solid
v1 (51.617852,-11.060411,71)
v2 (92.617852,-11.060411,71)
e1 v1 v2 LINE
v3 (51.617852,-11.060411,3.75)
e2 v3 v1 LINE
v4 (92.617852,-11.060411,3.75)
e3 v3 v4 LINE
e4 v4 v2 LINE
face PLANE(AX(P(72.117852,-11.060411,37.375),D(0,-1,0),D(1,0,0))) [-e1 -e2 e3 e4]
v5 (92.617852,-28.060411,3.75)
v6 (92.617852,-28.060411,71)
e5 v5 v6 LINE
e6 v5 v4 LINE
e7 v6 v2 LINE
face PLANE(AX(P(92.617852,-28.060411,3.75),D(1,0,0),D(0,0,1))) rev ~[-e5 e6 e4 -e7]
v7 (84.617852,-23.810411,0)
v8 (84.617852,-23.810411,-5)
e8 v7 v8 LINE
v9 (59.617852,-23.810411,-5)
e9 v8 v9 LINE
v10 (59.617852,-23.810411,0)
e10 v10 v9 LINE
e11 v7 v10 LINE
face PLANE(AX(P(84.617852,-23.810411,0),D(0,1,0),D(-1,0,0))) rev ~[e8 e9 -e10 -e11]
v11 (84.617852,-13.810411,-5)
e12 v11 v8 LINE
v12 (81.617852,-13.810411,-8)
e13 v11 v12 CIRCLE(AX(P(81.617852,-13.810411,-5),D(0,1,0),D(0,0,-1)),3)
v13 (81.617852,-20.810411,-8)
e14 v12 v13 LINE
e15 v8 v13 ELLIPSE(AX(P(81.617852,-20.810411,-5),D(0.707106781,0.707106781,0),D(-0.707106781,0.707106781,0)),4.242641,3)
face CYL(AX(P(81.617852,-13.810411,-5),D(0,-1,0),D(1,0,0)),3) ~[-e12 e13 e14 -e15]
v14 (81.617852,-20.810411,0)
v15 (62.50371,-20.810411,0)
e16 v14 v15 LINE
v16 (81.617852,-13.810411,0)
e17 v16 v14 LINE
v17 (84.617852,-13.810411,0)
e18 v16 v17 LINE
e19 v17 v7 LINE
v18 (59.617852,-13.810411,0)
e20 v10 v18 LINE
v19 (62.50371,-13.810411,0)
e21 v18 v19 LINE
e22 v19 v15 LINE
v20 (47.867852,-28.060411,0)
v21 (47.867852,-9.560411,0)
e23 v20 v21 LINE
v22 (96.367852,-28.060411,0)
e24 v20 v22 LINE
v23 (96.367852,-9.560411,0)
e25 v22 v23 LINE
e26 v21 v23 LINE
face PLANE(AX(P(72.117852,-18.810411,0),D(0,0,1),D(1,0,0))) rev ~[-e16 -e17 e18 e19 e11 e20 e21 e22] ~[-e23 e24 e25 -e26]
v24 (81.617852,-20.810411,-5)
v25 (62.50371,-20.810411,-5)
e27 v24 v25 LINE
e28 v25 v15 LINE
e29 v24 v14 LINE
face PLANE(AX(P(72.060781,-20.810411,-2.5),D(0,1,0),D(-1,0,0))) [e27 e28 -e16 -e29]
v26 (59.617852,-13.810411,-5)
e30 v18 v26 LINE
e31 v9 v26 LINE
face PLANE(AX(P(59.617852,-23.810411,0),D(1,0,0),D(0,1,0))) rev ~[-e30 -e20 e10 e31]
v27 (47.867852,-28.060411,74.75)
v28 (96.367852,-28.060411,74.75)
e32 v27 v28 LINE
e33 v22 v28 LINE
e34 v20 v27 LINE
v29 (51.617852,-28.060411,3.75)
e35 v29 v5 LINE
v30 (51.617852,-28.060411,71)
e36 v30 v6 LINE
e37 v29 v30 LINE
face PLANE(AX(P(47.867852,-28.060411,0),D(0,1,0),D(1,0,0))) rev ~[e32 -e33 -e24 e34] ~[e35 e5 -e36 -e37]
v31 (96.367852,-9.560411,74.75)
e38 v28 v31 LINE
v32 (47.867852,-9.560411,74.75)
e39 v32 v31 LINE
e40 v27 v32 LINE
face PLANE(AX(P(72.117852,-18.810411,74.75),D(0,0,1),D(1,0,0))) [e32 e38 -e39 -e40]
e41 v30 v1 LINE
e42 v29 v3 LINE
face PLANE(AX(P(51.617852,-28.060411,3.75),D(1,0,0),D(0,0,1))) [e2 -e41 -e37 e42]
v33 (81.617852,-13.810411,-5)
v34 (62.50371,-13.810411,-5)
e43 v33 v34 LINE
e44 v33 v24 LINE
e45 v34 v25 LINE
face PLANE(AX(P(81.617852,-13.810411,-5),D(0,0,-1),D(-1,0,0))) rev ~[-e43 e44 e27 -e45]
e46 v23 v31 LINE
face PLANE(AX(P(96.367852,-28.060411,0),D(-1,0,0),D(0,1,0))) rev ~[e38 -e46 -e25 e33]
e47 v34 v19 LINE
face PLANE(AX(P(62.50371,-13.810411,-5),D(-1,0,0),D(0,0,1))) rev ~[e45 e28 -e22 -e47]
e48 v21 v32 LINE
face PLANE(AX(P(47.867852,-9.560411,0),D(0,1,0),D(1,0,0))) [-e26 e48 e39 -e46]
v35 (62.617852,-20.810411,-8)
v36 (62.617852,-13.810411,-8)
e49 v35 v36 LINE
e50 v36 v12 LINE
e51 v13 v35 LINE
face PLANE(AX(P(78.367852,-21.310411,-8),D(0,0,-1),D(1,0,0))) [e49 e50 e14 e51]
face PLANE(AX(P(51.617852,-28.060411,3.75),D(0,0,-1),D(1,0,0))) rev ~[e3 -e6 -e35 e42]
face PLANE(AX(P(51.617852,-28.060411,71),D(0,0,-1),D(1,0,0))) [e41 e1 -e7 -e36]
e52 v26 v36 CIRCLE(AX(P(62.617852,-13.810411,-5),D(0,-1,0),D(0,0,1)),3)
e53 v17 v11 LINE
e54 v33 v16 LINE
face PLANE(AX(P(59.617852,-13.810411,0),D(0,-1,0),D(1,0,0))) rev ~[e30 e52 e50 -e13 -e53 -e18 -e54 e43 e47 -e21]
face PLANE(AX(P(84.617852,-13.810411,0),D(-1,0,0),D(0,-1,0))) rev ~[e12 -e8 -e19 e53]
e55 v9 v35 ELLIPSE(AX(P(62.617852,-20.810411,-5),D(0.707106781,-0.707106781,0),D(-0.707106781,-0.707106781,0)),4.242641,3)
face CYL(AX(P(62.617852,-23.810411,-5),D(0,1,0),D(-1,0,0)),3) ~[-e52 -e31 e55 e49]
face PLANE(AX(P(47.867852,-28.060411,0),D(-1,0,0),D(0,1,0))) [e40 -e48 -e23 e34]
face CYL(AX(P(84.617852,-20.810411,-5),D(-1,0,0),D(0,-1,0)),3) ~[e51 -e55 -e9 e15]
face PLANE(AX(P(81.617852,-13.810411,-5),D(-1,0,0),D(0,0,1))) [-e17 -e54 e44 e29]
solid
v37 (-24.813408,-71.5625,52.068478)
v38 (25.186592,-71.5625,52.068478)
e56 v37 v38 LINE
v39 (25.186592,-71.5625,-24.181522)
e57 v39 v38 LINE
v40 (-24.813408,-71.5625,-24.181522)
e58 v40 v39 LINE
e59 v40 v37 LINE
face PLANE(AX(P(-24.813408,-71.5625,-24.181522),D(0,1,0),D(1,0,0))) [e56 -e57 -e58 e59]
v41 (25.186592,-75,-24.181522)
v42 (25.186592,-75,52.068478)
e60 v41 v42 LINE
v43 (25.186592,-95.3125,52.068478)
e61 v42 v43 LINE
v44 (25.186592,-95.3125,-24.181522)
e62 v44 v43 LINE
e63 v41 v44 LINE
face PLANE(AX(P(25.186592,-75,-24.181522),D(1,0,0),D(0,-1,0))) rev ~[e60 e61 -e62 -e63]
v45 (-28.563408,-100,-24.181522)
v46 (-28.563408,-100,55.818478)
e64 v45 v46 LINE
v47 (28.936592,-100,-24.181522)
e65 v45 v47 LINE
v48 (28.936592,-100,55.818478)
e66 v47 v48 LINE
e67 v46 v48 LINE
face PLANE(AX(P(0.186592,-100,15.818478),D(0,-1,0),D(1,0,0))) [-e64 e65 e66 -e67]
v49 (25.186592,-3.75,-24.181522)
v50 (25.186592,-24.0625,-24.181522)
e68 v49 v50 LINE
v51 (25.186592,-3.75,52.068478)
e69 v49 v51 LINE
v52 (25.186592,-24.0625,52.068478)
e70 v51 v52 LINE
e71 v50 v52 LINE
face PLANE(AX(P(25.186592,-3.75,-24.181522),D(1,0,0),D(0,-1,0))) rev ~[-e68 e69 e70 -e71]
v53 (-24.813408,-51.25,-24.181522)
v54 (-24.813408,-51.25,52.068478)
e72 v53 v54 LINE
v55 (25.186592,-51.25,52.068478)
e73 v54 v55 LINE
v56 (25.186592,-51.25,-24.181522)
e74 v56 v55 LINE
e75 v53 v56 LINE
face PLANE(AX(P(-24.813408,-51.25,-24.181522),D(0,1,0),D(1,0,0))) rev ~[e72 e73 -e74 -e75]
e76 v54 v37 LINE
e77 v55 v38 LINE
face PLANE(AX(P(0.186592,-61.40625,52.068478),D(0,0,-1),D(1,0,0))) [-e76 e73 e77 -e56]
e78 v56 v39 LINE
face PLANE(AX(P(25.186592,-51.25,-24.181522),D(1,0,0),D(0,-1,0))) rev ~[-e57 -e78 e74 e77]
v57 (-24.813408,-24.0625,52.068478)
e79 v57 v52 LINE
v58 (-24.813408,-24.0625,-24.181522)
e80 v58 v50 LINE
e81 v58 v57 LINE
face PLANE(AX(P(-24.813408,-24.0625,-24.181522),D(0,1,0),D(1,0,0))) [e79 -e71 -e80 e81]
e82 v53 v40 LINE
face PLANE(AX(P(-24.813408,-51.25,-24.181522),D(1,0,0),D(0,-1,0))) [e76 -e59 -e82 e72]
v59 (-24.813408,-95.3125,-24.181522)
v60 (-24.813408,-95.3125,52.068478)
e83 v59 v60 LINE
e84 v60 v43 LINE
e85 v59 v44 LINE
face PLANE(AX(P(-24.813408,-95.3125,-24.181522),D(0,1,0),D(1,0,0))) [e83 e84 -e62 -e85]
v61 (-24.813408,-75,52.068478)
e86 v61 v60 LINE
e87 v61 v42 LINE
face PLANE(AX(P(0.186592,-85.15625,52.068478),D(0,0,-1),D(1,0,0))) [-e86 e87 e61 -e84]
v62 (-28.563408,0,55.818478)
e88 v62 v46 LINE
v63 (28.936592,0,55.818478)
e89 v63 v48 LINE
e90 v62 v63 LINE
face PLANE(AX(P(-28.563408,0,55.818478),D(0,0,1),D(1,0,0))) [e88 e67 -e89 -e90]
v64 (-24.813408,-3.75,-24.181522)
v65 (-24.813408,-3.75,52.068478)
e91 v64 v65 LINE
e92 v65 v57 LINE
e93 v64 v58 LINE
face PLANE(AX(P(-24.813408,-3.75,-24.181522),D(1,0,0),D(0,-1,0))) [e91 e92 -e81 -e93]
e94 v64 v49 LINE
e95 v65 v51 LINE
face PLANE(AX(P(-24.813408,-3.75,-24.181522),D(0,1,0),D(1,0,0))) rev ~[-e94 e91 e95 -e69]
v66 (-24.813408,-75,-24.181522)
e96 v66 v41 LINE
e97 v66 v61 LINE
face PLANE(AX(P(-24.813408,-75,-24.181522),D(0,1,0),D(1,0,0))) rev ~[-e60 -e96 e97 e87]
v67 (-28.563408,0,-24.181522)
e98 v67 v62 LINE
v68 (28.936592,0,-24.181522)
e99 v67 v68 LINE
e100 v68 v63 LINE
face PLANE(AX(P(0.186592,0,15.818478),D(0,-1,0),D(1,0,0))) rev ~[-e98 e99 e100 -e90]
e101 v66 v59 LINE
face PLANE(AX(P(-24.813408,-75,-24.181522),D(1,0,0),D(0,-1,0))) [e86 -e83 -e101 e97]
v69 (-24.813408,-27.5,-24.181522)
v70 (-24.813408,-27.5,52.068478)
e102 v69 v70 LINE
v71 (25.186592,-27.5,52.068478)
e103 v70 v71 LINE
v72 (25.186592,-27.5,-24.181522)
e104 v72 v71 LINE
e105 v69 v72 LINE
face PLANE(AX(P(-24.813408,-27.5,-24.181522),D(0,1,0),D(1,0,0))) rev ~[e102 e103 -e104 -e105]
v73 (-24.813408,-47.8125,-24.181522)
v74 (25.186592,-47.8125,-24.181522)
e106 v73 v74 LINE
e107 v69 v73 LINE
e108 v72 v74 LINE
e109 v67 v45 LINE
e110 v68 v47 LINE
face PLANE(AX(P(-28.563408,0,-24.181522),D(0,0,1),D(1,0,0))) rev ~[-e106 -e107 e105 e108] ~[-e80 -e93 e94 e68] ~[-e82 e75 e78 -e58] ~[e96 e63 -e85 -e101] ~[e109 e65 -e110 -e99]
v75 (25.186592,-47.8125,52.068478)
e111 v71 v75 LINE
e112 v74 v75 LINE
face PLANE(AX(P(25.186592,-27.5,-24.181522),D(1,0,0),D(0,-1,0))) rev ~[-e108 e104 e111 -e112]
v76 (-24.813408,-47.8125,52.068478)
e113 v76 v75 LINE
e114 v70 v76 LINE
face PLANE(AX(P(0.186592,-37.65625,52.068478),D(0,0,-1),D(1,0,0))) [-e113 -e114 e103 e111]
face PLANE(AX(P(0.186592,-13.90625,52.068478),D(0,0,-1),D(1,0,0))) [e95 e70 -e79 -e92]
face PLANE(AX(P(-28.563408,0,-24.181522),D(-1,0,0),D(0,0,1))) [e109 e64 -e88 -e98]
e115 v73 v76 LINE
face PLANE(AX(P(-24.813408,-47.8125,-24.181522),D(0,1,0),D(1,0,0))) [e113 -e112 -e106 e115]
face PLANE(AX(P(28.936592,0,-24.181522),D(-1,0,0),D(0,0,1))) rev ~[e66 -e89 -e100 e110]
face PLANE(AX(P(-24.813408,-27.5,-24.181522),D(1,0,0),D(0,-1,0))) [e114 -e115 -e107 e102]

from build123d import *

# Parameters (mm, degrees)
F0_W      = 57.5
F0_H      = 80
F1_DEPTH  = 100
F2_W      = 50
F2_H      = 20.3125
F3_DEPTH  = 76.25
F4_W      = 48.5
F4_H      = 18.5
F5_DEPTH  = 74.75
F6_W      = 12.5
F6_H      = 5
F7_DEPTH  = 8
F8_R      = 3
F9_W      = 19.114142
F9_H      = 5
F10_DEPTH = 7
F11_W     = 41
F11_H     = 67.25
F12_DEPTH = 17


with BuildPart() as f1:
    # F0 (on Front) → F1 (new body)
    with BuildSketch(Plane.XZ):
        with Locations((0.186592, 15.818478)):
            Rectangle(F0_W, F0_H)
    extrude(amount=F1_DEPTH)

    # F2 (on face) → F3 (cut)
    with BuildSketch(Plane(origin=(0, 0, -24.181522), x_dir=(1, 0, 0), z_dir=(0, 0, -1))):
        with Locations((0.186592, 13.90625)):
            Rectangle(F2_W, F2_H)
        with Locations((0.186592, 37.65625)):
            Rectangle(F2_W, F2_H)
        with Locations((0.186592, 61.40625)):
            Rectangle(F2_W, F2_H)
        with Locations((0.186592, 85.15625)):
            Rectangle(F2_W, F2_H)
    extrude(amount=-F3_DEPTH, mode=Mode.SUBTRACT)


with BuildPart() as f5:
    # F4 (on Top) → F5 (new body)
    with BuildSketch(Plane.XY):
        with Locations((72.117852, -18.810411)):
            Rectangle(F4_W, F4_H)
    extrude(amount=F5_DEPTH)

    # F6 (on face) → F7 (join)
    with BuildSketch(Plane(origin=(0, 0, 0), x_dir=(1, 0, 0), z_dir=(0, 0, -1))):
        with Locations((78.367852, 21.310411)):
            Rectangle(F6_W, F6_H)
        with Locations((65.867852, 21.310411)):
            Rectangle(F6_W, F6_H)
        with Locations((78.367852, 16.310411)):
            Rectangle(F6_W, F6_H)
        with Locations((65.867852, 16.310411)):
            Rectangle(F6_W, F6_H)
    extrude(amount=F7_DEPTH)

    # F8
    f8_edges = [f5.edges().sort_by_distance(p)[0] for p in [
        (72.117852, -23.810411, -8),
        (59.617852, -18.810411, -8),
        (84.617852, -18.810411, -8),
    ]]
    fillet(f8_edges, radius=F8_R)

    # F9 (on face) → F10 (cut)
    with BuildSketch(Plane(origin=(0, -13.810411, 0), x_dir=(-1, 0, 0), z_dir=(0, 1, 0))):
        with Locations((-72.060781, -2.5)):
            Rectangle(F9_W, F9_H)
    extrude(amount=-F10_DEPTH, mode=Mode.SUBTRACT)

    # F11 (on face) → F12 (cut)
    with BuildSketch(Plane.XZ.offset(28.060411)):
        with Locations((72.117852, 37.375)):
            Rectangle(F11_W, F11_H)
    extrude(amount=-F12_DEPTH, mode=Mode.SUBTRACT)


solid = Compound([f1.part, f5.part])
